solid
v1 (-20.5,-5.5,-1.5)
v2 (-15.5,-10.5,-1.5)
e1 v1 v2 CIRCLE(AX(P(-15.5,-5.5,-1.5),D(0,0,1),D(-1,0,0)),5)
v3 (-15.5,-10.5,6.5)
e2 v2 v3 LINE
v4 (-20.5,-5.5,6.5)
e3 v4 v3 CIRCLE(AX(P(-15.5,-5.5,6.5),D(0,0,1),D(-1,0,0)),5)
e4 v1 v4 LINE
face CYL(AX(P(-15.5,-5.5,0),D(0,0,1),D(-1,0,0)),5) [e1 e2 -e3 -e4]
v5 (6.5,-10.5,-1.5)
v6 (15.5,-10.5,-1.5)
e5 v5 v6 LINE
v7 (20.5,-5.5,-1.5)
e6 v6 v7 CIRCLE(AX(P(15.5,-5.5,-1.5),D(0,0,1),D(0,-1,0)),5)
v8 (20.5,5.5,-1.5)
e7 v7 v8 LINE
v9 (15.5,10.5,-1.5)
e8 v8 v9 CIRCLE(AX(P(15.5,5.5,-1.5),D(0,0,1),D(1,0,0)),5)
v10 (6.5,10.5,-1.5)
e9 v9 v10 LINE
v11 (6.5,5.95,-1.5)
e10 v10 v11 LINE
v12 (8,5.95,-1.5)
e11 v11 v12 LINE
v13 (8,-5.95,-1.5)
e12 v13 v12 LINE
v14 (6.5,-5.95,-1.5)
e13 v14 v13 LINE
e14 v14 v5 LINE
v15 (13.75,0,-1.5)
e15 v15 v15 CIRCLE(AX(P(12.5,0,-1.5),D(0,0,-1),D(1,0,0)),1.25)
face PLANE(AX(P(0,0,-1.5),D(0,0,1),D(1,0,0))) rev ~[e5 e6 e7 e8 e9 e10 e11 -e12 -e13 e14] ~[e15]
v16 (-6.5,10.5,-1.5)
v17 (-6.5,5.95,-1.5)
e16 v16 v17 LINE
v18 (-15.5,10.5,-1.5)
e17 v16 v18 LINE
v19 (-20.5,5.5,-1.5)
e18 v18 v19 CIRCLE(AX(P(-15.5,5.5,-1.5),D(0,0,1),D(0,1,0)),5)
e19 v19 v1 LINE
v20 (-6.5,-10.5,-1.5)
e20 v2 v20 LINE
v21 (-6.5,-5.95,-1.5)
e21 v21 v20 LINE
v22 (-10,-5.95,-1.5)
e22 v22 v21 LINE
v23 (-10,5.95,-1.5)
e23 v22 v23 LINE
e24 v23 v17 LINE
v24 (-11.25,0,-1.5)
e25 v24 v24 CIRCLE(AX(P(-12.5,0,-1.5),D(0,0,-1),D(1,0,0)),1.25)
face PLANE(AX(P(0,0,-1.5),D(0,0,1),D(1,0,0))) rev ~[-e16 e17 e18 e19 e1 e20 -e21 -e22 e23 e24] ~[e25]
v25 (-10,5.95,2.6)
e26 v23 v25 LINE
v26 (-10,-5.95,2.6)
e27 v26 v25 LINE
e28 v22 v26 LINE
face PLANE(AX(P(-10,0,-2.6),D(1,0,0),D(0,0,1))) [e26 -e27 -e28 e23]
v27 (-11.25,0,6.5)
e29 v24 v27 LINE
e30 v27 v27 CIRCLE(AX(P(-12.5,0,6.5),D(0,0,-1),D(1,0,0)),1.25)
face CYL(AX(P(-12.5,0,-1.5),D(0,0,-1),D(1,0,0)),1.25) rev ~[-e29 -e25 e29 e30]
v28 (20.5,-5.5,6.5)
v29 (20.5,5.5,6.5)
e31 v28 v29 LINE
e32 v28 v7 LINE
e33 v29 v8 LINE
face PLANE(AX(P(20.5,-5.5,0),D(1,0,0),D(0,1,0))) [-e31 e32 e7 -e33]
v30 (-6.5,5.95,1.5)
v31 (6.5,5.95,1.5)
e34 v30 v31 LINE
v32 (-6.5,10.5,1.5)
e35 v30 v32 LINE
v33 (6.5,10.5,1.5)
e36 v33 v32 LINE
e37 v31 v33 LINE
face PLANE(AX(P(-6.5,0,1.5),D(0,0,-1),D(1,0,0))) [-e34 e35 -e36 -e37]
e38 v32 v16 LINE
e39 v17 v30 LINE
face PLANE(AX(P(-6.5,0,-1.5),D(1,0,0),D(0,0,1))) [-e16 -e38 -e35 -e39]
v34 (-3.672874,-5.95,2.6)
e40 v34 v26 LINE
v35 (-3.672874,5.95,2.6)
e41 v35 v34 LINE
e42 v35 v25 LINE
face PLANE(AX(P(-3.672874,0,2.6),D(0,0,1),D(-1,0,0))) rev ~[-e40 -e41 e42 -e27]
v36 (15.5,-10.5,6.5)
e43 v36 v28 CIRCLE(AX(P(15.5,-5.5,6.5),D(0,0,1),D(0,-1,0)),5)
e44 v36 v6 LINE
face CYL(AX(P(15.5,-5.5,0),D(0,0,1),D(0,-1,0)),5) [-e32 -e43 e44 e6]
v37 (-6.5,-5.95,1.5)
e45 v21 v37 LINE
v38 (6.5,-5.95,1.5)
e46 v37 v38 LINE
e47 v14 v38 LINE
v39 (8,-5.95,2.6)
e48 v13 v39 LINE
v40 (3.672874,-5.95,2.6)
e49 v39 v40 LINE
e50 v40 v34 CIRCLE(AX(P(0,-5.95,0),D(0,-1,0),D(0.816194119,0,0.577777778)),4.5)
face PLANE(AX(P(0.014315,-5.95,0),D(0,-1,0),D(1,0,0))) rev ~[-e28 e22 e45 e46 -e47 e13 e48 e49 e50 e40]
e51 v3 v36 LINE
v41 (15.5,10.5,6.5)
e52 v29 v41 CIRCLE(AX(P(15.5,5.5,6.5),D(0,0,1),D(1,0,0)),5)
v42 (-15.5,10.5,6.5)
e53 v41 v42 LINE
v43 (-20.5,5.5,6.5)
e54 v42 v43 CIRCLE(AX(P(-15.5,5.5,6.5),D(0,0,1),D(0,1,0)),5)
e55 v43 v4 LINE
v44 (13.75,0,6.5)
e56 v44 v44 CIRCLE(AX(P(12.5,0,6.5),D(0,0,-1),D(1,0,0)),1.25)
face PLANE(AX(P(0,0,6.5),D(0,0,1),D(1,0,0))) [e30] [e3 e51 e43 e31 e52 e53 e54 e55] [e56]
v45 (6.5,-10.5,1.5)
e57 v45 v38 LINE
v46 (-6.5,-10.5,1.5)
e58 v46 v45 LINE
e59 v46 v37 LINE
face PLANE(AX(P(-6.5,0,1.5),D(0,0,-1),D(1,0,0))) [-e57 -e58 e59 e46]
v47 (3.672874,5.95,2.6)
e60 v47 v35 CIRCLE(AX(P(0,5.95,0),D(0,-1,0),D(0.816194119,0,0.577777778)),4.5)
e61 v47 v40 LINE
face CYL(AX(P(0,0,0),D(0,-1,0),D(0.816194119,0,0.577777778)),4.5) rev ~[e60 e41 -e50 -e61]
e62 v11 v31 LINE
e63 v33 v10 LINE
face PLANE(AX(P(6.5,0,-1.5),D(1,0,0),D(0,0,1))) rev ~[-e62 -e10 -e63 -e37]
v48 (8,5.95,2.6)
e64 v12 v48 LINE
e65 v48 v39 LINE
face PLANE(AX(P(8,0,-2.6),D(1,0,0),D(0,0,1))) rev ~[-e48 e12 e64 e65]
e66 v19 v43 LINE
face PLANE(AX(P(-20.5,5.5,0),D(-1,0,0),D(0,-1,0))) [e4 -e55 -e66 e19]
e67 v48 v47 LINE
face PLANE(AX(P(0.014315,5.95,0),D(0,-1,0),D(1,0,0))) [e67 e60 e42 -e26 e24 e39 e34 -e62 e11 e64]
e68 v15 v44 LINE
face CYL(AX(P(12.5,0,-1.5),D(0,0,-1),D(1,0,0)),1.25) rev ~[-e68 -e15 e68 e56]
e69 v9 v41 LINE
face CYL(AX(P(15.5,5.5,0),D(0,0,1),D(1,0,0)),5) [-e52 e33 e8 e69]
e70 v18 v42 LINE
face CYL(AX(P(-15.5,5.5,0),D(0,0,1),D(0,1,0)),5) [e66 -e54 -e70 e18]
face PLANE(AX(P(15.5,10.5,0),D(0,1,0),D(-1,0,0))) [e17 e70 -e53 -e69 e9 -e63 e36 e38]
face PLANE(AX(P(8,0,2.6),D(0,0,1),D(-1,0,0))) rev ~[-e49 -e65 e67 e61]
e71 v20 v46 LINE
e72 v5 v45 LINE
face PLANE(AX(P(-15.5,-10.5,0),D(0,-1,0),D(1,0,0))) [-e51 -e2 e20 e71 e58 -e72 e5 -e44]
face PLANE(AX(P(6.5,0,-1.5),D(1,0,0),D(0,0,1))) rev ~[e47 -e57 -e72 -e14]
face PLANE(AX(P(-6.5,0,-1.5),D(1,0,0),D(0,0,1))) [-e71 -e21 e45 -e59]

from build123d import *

# Parameters (mm, degrees)
F2_DEPTH      = 6.5
F2_DEPTH_BACK = 1.5
F3_W          = 2
F3_H          = 5.2
F4_DEPTH      = 5.95
F5_W          = 13
F5_H          = 3
F6_DEPTH      = 12.5
F7_R          = 1.25
F8_DEPTH      = 10


with BuildPart() as f2:
    # F1 (on Top) → F2 (new body, two sides)
    with BuildSketch(Plane.XY) as f2_sk:
        with BuildLine():
            ThreePointArc((20.5, 5.5), (19.0355339059, 9.0355339059), (15.5, 10.5))
            Line((15.5, 10.5), (-15.5, 10.5))
            ThreePointArc((-15.5, 10.5), (-19.0355339059, 9.0355339059), (-20.5, 5.5))
            Line((-20.5, 5.5), (-20.5, -5.5))
            ThreePointArc((-20.5, -5.5), (-19.0355339059, -9.0355339059), (-15.5, -10.5))
            Line((-15.5, -10.5), (15.5, -10.5))
            ThreePointArc((15.5, -10.5), (19.0355339059, -9.0355339059), (20.5, -5.5))
            Line((20.5, -5.5), (20.5, 5.5))
        make_face()
    extrude(amount=F2_DEPTH)
    extrude(f2_sk.sketch, amount=-F2_DEPTH_BACK)

    # F3 (on Front) → F4 (cut, symmetric)
    with BuildSketch(Plane.XZ):
        with BuildLine():
            ThreePointArc((3.6728735344, -2.6), (4.2882357039, -1.3641974005), (4.5, 0))
            ThreePointArc((4.5, 0), (4.2882357039, 1.3641974005), (3.6728735344, 2.6))
            Line((3.6728735344, 2.6), (-3.6728735344, 2.6))
            ThreePointArc((-3.6728735344, 2.6), (-4.5, 0), (-3.6728735344, -2.6))
            Line((-3.6728735344, -2.6), (3.6728735344, -2.6))
        make_face()
        with BuildLine():
            ThreePointArc((3.6728735344, 2.6), (4.2882357039, 1.3641974005), (4.5, 0))
            ThreePointArc((4.5, 0), (4.2882357039, -1.3641974005), (3.6728735344, -2.6))
            Line((3.6728735344, -2.6), (8, -2.6))
            Line((8, -2.6), (8, 2.6))
            Line((8, 2.6), (3.6728735344, 2.6))
        make_face()
        with BuildLine():
            Line((-3.6728735344, 2.6), (3.6728735344, 2.6))
            ThreePointArc((3.6728735344, 2.6), (0, 4.5), (-3.6728735344, 2.6))
        make_face()
        with BuildLine():
            ThreePointArc((-3.6728735344, -2.6), (0, -4.5), (3.6728735344, -2.6))
            Line((3.6728735344, -2.6), (-3.6728735344, -2.6))
        make_face()
        with BuildLine():
            ThreePointArc((-3.6728735344, -2.6), (-4.5, 0), (-3.6728735344, 2.6))
            Line((-3.6728735344, 2.6), (-8, 2.6))
            Line((-8, 2.6), (-8, -2.6))
            Line((-8, -2.6), (-3.6728735344, -2.6))
        make_face()
        with Locations((-9, 0)):
            Rectangle(F3_W, F3_H)
    extrude(amount=F4_DEPTH, both=True, mode=Mode.SUBTRACT)

    # F5 (on Front) → F6 (cut, symmetric)
    with BuildSketch(Plane.XZ):
        Rectangle(F5_W, F5_H)
    extrude(amount=F6_DEPTH, both=True, mode=Mode.SUBTRACT)

    # F7 (on face) → F8 (cut)
    with BuildSketch(Plane(origin=(0, 0, -1.5), x_dir=(1, 0, 0), z_dir=(0, 0, -1))):
        with Locations((-12.5, 0)):
            Circle(F7_R)
        with Locations((12.5, 0)):
            Circle(F7_R)
    extrude(amount=-F8_DEPTH, mode=Mode.SUBTRACT)


solid = f2.part
